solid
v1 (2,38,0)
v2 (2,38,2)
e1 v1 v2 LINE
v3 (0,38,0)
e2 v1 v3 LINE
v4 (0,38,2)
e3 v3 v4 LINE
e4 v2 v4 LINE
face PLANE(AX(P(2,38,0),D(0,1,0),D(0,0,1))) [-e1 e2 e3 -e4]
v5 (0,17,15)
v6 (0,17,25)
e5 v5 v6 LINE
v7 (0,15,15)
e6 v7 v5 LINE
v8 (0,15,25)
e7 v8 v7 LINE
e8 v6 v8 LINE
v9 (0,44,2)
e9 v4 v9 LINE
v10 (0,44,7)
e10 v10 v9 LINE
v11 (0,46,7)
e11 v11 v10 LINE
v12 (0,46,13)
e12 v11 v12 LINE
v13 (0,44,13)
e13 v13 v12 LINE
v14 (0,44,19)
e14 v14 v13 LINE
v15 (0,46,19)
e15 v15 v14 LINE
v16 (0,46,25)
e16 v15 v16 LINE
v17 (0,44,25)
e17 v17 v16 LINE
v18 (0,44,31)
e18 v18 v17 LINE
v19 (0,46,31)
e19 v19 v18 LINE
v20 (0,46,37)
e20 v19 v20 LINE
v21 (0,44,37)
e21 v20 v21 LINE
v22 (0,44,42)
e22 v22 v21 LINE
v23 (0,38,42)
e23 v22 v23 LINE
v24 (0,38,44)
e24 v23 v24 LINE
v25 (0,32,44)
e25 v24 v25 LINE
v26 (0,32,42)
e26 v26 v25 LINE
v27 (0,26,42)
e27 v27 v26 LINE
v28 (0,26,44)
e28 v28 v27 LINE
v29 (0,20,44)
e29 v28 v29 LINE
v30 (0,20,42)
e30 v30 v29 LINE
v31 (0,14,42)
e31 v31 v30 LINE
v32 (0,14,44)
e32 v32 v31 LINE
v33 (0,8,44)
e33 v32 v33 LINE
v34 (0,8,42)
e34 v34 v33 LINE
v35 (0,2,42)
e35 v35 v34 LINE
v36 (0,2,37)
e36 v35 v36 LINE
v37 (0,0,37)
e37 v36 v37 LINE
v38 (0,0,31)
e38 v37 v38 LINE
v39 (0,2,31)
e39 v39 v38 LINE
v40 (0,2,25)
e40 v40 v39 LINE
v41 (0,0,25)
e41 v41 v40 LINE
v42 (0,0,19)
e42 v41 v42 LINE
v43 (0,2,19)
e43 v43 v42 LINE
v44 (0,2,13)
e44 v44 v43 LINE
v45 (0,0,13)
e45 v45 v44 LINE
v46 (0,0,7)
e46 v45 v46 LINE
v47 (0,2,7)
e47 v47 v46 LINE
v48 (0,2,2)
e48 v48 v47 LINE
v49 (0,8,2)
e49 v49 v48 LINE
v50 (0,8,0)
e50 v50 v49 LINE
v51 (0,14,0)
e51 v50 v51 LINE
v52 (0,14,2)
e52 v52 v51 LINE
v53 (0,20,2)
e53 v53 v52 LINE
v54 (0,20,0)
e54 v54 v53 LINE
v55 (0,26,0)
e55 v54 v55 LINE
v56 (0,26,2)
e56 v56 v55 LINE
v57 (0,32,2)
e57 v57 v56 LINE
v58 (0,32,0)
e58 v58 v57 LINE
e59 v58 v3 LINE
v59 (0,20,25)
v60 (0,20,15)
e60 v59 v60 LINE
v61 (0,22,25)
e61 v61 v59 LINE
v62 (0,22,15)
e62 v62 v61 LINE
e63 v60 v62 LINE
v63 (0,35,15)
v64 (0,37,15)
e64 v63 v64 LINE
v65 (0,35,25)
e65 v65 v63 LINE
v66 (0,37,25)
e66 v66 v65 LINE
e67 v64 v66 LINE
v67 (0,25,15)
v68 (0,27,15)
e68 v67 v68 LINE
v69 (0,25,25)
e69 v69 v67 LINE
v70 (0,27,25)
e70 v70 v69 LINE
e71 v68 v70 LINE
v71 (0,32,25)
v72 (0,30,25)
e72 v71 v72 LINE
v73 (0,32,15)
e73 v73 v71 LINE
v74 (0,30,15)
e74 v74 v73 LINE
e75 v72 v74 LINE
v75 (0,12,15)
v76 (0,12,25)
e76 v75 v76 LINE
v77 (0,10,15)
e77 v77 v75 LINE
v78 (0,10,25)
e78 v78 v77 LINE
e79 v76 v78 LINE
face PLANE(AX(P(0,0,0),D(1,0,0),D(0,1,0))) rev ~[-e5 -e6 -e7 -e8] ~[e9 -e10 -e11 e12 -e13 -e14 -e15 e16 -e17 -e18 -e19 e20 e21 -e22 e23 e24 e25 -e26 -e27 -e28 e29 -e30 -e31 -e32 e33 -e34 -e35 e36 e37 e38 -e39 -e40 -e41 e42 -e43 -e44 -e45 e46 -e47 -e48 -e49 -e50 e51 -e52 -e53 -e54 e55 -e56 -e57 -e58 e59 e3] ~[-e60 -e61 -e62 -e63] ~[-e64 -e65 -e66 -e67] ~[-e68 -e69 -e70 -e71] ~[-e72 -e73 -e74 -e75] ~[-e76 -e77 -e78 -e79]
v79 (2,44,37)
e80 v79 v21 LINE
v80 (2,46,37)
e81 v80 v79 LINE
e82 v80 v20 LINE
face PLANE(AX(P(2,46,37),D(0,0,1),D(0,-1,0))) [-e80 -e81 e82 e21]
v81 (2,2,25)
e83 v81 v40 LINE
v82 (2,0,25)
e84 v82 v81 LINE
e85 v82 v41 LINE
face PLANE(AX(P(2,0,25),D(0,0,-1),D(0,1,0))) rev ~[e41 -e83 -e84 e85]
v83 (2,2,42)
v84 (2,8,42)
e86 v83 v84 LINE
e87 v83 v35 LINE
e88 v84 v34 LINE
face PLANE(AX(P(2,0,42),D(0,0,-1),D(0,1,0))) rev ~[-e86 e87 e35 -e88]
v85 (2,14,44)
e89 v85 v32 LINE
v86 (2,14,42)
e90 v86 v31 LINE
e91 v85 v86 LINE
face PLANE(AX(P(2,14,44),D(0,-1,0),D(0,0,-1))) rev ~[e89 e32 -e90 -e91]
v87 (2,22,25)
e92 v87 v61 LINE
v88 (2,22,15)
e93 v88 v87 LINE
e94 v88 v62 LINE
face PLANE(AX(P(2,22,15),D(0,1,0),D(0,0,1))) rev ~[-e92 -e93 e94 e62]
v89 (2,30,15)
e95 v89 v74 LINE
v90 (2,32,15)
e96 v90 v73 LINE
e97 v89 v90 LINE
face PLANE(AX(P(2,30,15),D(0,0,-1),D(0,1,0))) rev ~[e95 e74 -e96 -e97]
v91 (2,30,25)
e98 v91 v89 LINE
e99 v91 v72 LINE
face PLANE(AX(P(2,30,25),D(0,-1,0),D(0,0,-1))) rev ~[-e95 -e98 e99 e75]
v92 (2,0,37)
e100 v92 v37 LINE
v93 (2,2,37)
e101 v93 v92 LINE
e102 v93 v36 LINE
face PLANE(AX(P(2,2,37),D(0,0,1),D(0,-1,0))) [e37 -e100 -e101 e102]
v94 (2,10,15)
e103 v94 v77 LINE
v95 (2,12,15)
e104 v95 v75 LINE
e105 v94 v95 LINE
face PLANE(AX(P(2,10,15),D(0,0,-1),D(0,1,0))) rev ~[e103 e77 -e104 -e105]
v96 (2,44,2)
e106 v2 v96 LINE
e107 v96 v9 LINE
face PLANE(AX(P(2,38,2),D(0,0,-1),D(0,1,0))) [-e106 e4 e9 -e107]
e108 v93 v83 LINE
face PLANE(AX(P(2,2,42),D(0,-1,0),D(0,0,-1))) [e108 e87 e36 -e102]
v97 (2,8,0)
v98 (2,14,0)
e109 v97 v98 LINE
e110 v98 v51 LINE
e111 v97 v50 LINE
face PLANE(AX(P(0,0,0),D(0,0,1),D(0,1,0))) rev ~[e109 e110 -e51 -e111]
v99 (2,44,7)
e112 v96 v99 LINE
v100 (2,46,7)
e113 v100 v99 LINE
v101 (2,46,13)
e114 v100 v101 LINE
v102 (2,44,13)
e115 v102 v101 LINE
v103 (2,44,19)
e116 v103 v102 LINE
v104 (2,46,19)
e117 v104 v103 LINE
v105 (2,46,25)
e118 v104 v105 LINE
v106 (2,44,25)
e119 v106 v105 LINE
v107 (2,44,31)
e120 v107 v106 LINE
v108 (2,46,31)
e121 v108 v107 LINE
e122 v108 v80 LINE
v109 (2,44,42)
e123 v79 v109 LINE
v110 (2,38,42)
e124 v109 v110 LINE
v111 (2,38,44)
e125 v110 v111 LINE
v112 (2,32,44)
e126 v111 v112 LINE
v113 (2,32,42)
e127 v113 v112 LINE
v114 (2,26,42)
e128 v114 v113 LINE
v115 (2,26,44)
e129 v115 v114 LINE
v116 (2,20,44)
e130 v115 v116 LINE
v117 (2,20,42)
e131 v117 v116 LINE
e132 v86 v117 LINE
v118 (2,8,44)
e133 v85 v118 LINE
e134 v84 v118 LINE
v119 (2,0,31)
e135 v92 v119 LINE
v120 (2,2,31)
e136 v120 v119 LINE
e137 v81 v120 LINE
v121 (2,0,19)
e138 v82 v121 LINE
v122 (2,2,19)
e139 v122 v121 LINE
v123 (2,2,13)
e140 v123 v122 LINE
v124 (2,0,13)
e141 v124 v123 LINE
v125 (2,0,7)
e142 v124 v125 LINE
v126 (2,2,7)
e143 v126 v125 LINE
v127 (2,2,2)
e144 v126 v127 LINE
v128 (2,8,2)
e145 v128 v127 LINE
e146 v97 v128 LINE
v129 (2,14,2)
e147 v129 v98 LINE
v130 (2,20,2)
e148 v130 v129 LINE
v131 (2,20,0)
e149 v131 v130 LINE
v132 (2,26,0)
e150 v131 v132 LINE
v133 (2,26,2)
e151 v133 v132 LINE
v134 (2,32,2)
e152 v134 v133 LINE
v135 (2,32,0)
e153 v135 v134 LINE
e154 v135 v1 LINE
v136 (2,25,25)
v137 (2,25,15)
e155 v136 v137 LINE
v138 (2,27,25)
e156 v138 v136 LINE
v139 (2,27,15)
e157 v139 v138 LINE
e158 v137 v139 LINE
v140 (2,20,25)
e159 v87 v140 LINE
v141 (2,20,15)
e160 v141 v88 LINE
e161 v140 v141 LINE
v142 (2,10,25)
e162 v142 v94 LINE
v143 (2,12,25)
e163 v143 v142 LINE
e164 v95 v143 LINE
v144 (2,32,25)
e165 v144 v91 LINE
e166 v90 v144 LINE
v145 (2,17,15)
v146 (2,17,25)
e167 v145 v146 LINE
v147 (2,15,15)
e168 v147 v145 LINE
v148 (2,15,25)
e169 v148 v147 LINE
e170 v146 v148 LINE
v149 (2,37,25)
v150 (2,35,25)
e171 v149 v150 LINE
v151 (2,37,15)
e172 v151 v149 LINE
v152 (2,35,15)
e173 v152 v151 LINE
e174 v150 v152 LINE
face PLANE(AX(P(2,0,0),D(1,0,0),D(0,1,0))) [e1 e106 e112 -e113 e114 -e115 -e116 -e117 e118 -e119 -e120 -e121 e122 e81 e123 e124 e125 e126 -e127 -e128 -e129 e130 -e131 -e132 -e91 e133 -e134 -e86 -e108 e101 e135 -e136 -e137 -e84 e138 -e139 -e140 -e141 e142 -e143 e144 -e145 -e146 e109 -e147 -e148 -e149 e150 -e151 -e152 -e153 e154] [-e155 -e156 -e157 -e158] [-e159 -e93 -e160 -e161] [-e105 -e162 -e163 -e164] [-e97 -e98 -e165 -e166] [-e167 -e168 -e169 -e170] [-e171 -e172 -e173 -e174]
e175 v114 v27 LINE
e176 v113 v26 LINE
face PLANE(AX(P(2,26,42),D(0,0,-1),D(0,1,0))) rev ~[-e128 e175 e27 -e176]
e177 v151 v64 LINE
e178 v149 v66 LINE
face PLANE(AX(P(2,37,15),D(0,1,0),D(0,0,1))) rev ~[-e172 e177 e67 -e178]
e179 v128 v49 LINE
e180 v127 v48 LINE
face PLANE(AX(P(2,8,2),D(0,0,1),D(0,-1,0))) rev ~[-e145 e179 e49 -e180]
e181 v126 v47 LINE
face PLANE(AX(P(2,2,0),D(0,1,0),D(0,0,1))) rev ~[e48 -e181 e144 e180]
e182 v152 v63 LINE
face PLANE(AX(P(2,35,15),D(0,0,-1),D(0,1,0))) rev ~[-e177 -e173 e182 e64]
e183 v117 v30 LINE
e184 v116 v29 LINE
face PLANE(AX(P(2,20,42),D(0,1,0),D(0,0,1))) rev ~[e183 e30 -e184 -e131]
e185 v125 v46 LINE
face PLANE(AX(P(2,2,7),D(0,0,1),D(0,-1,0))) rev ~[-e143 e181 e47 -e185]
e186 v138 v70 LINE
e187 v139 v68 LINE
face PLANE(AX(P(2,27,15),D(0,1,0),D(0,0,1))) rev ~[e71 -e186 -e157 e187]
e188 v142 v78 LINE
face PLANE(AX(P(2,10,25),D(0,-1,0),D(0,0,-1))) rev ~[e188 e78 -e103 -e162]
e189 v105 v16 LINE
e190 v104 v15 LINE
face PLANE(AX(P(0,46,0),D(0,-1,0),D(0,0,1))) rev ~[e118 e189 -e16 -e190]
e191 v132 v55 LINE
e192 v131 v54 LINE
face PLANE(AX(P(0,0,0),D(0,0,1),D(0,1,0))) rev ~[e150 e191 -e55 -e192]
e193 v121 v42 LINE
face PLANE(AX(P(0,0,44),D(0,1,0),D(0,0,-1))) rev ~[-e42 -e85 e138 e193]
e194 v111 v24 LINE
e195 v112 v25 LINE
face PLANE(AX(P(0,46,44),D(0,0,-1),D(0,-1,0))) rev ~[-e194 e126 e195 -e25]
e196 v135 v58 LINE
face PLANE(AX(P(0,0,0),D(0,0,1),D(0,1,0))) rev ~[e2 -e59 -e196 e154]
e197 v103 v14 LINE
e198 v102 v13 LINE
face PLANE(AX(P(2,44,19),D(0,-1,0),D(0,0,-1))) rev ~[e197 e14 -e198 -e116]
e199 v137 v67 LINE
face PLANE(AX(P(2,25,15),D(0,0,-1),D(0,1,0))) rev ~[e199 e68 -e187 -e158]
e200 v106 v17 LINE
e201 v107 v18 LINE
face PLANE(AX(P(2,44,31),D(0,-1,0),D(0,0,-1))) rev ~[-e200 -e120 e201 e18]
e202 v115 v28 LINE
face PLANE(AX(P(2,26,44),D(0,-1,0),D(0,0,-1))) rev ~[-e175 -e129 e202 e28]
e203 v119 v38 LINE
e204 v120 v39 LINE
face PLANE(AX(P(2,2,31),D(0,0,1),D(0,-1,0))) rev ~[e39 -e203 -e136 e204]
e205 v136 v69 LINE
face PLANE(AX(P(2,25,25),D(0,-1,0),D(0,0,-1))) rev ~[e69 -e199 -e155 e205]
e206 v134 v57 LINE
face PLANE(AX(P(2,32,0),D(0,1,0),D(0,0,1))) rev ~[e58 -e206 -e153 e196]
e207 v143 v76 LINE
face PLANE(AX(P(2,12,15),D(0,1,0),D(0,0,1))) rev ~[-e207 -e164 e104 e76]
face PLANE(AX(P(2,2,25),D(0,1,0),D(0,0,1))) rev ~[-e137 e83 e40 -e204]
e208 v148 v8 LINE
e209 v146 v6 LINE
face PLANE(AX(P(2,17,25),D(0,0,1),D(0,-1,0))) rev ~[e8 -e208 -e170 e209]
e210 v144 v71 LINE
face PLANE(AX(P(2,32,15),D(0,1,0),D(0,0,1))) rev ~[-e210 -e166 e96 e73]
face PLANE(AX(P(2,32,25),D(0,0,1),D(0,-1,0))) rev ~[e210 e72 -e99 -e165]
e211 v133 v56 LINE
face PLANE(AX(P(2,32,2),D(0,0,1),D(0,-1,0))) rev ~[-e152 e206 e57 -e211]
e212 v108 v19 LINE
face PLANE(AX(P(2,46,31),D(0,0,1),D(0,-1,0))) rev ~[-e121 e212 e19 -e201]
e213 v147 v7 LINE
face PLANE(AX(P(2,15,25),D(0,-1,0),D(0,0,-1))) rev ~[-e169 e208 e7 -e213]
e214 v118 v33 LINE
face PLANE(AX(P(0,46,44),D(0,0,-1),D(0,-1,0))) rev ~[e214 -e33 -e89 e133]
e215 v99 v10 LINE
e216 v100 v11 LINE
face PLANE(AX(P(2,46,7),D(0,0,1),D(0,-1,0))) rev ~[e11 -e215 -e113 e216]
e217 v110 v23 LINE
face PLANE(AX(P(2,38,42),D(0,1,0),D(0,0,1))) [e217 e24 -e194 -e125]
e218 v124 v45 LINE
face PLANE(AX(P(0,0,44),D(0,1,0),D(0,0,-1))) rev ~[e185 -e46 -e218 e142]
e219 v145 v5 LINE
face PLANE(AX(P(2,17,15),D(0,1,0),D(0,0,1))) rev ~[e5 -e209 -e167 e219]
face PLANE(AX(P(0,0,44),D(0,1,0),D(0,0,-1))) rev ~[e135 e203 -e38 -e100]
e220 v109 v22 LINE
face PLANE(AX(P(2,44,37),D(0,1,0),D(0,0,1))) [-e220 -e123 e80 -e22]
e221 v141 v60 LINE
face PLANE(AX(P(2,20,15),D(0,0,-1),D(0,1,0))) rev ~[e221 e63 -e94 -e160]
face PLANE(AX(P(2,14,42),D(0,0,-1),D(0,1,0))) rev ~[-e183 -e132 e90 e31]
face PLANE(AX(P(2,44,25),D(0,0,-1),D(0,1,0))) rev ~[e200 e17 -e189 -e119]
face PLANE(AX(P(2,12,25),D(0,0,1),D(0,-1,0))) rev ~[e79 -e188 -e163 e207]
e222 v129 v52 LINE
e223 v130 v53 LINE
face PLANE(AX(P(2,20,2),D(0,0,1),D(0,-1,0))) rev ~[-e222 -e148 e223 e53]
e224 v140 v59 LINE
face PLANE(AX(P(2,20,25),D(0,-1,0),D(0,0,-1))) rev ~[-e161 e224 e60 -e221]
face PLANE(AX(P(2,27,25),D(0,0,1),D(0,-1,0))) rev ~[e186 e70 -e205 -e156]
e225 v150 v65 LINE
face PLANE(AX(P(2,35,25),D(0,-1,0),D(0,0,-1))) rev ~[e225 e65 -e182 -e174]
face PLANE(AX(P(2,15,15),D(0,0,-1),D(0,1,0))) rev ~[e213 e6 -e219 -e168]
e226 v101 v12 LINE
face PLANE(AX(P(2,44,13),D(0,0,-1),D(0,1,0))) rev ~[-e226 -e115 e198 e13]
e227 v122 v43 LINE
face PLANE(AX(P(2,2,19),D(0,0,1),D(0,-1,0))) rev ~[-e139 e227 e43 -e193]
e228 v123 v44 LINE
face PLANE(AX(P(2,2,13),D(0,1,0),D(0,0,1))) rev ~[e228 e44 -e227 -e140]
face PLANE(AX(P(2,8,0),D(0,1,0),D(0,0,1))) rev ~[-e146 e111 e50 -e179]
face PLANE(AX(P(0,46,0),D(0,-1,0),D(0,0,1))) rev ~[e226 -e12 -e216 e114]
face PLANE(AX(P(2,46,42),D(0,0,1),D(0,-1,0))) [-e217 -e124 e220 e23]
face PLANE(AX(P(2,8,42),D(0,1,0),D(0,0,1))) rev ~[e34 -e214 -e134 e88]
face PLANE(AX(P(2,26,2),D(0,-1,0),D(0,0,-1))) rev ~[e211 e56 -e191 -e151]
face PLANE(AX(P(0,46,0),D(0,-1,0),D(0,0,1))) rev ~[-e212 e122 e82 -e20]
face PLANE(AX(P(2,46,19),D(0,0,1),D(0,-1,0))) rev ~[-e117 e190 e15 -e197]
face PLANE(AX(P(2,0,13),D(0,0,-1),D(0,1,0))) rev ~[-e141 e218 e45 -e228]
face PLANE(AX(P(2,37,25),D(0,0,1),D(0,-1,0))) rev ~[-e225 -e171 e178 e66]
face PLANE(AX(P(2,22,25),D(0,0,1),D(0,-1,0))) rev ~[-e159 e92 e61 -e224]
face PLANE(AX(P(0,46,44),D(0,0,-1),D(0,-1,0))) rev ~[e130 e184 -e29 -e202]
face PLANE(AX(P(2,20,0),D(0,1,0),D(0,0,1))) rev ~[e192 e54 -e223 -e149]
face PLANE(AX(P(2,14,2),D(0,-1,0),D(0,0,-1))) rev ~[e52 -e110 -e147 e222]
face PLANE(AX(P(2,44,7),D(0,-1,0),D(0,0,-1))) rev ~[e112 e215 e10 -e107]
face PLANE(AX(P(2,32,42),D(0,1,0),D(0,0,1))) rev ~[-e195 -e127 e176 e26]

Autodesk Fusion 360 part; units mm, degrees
sketch "スケッチ1" plane through (0, 0, 0) normal (1, 0, 0) x (0, 1, 0)
  line L0 (0, 0) -> (46, 0)
  line L1 (46, 0) -> (46, 44)
  line L2 (46, 44) -> (0, 44)
  line L3 (0, 44) -> (0, 0)
  dimension "d1" = 46
  dimension "d2" = 44
extrude "押し出し1" add sketch "スケッチ1" along normal blind 2
sketch "スケッチ2" plane through (2, 0, 0) normal (1, 0, 0) x (0, 1, 0)
  line L0 (0, 44) -> (0, 0)
  line L1 (0, 0) -> (46, 0)
  line L2 (46, 0) -> (46, 44)
  line L3 (46, 44) -> (0, 44)
  line L4 (0, 0) -> (8, 0)
  line L5 (8, 0) -> (8, 2)
  line L6 (8, 2) -> (0, 2)
  line L7 (0, 2) -> (0, 0)
  line L8 (14, 0) -> (20, 0)
  line L9 (20, 0) -> (20, 2)
  line L10 (20, 2) -> (14, 2)
  line L11 (14, 2) -> (14, 0)
  line L12 (26, 0) -> (32, 0)
  line L13 (32, 0) -> (32, 2)
  line L14 (32, 2) -> (26, 2)
  line L15 (26, 2) -> (26, 0)
  line L16 (46, 0) -> (38, 0)
  line L17 (38, 0) -> (38, 2)
  line L18 (38, 2) -> (46, 2)
  line L19 (46, 2) -> (46, 0)
  line L20 (32, 42) -> (32, 44)
  line L21 (32, 44) -> (26, 44)
  line L22 (20, 42) -> (20, 44)
  line L23 (38, 42) -> (38, 44)
  line L24 (38, 44) -> (46, 44)
  line L25 (46, 44) -> (46, 42)
  line L26 (0, 42) -> (8, 42)
  line L27 (26, 44) -> (26, 42)
  line L28 (8, 42) -> (8, 44)
  line L29 (8, 44) -> (0, 44)
  line L30 (0, 44) -> (0, 42)
  line L31 (20, 44) -> (14, 44)
  line L32 (26, 42) -> (32, 42)
  line L33 (46, 42) -> (38, 42)
  line L34 (14, 42) -> (20, 42)
  line L35 (14, 44) -> (14, 42)
  point P0 (0, 42)
  dimension "d5" = 8
  dimension "d6" = 2
  dimension "d7" = 6
  dimension "d8" = 2
  dimension "d9" = 6
  dimension "d10" = 6
  dimension "d11" = 2
  dimension "d12" = 6
  dimension "d13" = 6
  dimension "d14" = 2
extrude "押し出し2" cut sketch "スケッチ2" against normal blind 2 contours L0 L3 L26 L28 L29 L30 | L0 L1 L4 L5 L6 L7 | L3 L22 L31 L34 L35 | L3 L20 L21 L27 L32 | L1 L8 L9 L10 L11 | L2 L3 L23 L24 L25 L33 | L1 L12 L13 L14 L15 | L1 L2 L16 L17 L18 L19
sketch "スケッチ3" plane through (2, 0, 0) normal (1, 0, 0) x (0, 1, 0)
  line L0 (8, 2) -> (8, 0)
  line L1 (8, 0) -> (14, 0)
  line L2 (14, 0) -> (14, 2)
  line L3 (14, 2) -> (20, 2)
  line L4 (20, 2) -> (20, 0)
  line L5 (20, 0) -> (26, 0)
  line L6 (26, 0) -> (26, 2)
  line L7 (26, 2) -> (32, 2)
  line L8 (32, 2) -> (32, 0)
  line L9 (32, 0) -> (38, 0)
  line L10 (38, 0) -> (38, 2)
  line L11 (38, 2) -> (46, 2)
  line L12 (46, 2) -> (46, 42)
  line L13 (46, 42) -> (38, 42)
  line L14 (38, 42) -> (38, 44)
  line L15 (38, 44) -> (32, 44)
  line L16 (32, 44) -> (32, 42)
  line L17 (32, 42) -> (26, 42)
  line L18 (26, 42) -> (26, 44)
  line L19 (26, 44) -> (20, 44)
  line L20 (20, 44) -> (20, 42)
  line L21 (20, 42) -> (14, 42)
  line L22 (14, 42) -> (14, 44)
  line L23 (14, 44) -> (8, 44)
  line L24 (8, 44) -> (8, 42)
  line L25 (8, 42) -> (0, 42)
  line L26 (0, 42) -> (0, 2)
  line L27 (0, 2) -> (8, 2)
  line L28 (0, 44) -> (2, 44)
  line L29 (2, 44) -> (2, 37)
  line L30 (2, 37) -> (0, 37)
  line L31 (0, 37) -> (0, 44)
  line L32 (2, 31) -> (0, 31)
  line L33 (0, 31) -> (0, 25)
  line L34 (0, 25) -> (2, 25)
  line L35 (2, 25) -> (2, 31)
  line L36 (2, 19) -> (0, 19)
  line L37 (0, 19) -> (0, 13)
  line L38 (0, 13) -> (2, 13)
  line L39 (2, 13) -> (2, 19)
  line L40 (2, 7) -> (0, 7)
  line L41 (0, 7) -> (0, 0)
  line L42 (0, 0) -> (2, 0)
  line L43 (2, 0) -> (2, 7)
  line L44 (46, 31) -> (44, 31)
  line L45 (46, 13) -> (46, 19)
  line L46 (44, 44) -> (46, 44)
  line L47 (44, 0) -> (46, 0)
  line L48 (44, 7) -> (44, 0)
  line L49 (44, 25) -> (46, 25)
  line L50 (46, 37) -> (44, 37)
  line L51 (44, 37) -> (44, 44)
  line L52 (44, 13) -> (46, 13)
  line L53 (44, 31) -> (44, 25)
  line L54 (46, 19) -> (44, 19)
  line L55 (44, 19) -> (44, 13)
  line L56 (46, 25) -> (46, 31)
  line L57 (46, 7) -> (44, 7)
  line L58 (46, 0) -> (46, 7)
  line L59 (46, 44) -> (46, 37)
  point P0 (44, 0)
  dimension "d21" = 2
  dimension "d22" = 7
  dimension "d23" = 2
  dimension "d24" = 6
  dimension "d25" = 6
  dimension "d26" = 6
  dimension "d27" = 6
  dimension "d28" = 2
  dimension "d29" = 6
  dimension "d30" = 7
  dimension "d31" = 2
extrude "押し出し3" cut sketch "スケッチ3" against normal blind 2 contours L27 L41 L42 L43 | L26 L27 L40 L41 L43 | L26 L36 L37 L38 L39 | L26 L32 L33 L34 L35 | L25 L26 L29 L30 L31 | L25 L28 L29 L31 | L11 L12 L48 L57 L58 | L11 L47 L48 L58 | L12 L45 L52 L54 L55 | L12 L44 L49 L53 L56 | L12 L13 L50 L51 L59 | L13 L46 L51 L59
sketch "スケッチ4" plane through (2, 0, 0) normal (1, 0, 0) x (0, 1, 0)
  line L0 (44, 19) -> (46, 19)
  line L1 (46, 19) -> (46, 25)
  line L2 (46, 25) -> (44, 25)
  line L3 (44, 25) -> (44, 31)
  line L4 (44, 31) -> (46, 31)
  line L5 (46, 31) -> (46, 37)
  line L6 (46, 37) -> (44, 37)
  line L7 (44, 37) -> (44, 42)
  line L8 (44, 42) -> (38, 42)
  line L9 (38, 42) -> (38, 44)
  line L10 (38, 44) -> (32, 44)
  line L11 (32, 44) -> (32, 42)
  line L12 (32, 42) -> (26, 42)
  line L13 (26, 42) -> (26, 44)
  line L14 (26, 44) -> (20, 44)
  line L15 (20, 44) -> (20, 42)
  line L16 (20, 42) -> (14, 42)
  line L17 (14, 42) -> (14, 44)
  line L18 (14, 44) -> (8, 44)
  line L19 (8, 44) -> (8, 42)
  line L20 (8, 42) -> (2, 42)
  line L21 (2, 42) -> (2, 37)
  line L22 (2, 37) -> (0, 37)
  line L23 (0, 37) -> (0, 31)
  line L24 (0, 31) -> (2, 31)
  line L25 (2, 31) -> (2, 25)
  line L26 (2, 25) -> (0, 25)
  line L27 (0, 25) -> (0, 19)
  line L28 (0, 19) -> (2, 19)
  line L29 (2, 19) -> (2, 13)
  line L30 (2, 13) -> (0, 13)
  line L31 (0, 13) -> (0, 7)
  line L32 (0, 7) -> (2, 7)
  line L33 (2, 7) -> (2, 2)
  line L34 (2, 2) -> (8, 2)
  line L35 (8, 2) -> (8, 0)
  line L36 (8, 0) -> (14, 0)
  line L37 (14, 0) -> (14, 2)
  line L38 (14, 2) -> (20, 2)
  line L39 (20, 2) -> (20, 0)
  line L40 (20, 0) -> (26, 0)
  line L41 (26, 0) -> (26, 2)
  line L42 (26, 2) -> (32, 2)
  line L43 (32, 2) -> (32, 0)
  line L44 (32, 0) -> (38, 0)
  line L45 (38, 0) -> (38, 2)
  line L46 (38, 2) -> (44, 2)
  line L47 (44, 2) -> (44, 7)
  line L48 (44, 7) -> (46, 7)
  line L49 (46, 7) -> (46, 13)
  line L50 (46, 13) -> (44, 13)
  line L51 (44, 13) -> (44, 19)
  line L52 (10, 15) -> (12, 15)
  line L53 (12, 15) -> (12, 25)
  line L54 (12, 25) -> (10, 25)
  line L55 (10, 25) -> (10, 15)
  line L56 (15, 15) -> (17, 15)
  line L57 (17, 15) -> (17, 25)
  line L58 (17, 25) -> (15, 25)
  line L59 (15, 25) -> (15, 15)
  line L60 (20, 15) -> (22, 15)
  line L61 (22, 15) -> (22, 25)
  line L62 (22, 25) -> (20, 25)
  line L63 (20, 25) -> (20, 15)
  line L64 (25, 15) -> (27, 15)
  line L65 (27, 15) -> (27, 25)
  line L66 (27, 25) -> (25, 25)
  line L67 (25, 25) -> (25, 15)
  line L68 (30, 15) -> (32, 15)
  line L69 (32, 15) -> (32, 25)
  line L70 (32, 25) -> (30, 25)
  line L71 (30, 25) -> (30, 15)
  line L72 (35, 15) -> (37, 15)
  line L73 (37, 15) -> (37, 25)
  line L74 (37, 25) -> (35, 25)
  line L75 (35, 25) -> (35, 15)
extrude "押し出し4" cut sketch "スケッチ4" against normal blind 2 contours L52 L53 L54 L55 | L56 L57 L58 L59 | L60 L61 L62 L63 | L64 L65 L66 L67 | L68 L69 L70 L71 | L72 L73 L74 L75
